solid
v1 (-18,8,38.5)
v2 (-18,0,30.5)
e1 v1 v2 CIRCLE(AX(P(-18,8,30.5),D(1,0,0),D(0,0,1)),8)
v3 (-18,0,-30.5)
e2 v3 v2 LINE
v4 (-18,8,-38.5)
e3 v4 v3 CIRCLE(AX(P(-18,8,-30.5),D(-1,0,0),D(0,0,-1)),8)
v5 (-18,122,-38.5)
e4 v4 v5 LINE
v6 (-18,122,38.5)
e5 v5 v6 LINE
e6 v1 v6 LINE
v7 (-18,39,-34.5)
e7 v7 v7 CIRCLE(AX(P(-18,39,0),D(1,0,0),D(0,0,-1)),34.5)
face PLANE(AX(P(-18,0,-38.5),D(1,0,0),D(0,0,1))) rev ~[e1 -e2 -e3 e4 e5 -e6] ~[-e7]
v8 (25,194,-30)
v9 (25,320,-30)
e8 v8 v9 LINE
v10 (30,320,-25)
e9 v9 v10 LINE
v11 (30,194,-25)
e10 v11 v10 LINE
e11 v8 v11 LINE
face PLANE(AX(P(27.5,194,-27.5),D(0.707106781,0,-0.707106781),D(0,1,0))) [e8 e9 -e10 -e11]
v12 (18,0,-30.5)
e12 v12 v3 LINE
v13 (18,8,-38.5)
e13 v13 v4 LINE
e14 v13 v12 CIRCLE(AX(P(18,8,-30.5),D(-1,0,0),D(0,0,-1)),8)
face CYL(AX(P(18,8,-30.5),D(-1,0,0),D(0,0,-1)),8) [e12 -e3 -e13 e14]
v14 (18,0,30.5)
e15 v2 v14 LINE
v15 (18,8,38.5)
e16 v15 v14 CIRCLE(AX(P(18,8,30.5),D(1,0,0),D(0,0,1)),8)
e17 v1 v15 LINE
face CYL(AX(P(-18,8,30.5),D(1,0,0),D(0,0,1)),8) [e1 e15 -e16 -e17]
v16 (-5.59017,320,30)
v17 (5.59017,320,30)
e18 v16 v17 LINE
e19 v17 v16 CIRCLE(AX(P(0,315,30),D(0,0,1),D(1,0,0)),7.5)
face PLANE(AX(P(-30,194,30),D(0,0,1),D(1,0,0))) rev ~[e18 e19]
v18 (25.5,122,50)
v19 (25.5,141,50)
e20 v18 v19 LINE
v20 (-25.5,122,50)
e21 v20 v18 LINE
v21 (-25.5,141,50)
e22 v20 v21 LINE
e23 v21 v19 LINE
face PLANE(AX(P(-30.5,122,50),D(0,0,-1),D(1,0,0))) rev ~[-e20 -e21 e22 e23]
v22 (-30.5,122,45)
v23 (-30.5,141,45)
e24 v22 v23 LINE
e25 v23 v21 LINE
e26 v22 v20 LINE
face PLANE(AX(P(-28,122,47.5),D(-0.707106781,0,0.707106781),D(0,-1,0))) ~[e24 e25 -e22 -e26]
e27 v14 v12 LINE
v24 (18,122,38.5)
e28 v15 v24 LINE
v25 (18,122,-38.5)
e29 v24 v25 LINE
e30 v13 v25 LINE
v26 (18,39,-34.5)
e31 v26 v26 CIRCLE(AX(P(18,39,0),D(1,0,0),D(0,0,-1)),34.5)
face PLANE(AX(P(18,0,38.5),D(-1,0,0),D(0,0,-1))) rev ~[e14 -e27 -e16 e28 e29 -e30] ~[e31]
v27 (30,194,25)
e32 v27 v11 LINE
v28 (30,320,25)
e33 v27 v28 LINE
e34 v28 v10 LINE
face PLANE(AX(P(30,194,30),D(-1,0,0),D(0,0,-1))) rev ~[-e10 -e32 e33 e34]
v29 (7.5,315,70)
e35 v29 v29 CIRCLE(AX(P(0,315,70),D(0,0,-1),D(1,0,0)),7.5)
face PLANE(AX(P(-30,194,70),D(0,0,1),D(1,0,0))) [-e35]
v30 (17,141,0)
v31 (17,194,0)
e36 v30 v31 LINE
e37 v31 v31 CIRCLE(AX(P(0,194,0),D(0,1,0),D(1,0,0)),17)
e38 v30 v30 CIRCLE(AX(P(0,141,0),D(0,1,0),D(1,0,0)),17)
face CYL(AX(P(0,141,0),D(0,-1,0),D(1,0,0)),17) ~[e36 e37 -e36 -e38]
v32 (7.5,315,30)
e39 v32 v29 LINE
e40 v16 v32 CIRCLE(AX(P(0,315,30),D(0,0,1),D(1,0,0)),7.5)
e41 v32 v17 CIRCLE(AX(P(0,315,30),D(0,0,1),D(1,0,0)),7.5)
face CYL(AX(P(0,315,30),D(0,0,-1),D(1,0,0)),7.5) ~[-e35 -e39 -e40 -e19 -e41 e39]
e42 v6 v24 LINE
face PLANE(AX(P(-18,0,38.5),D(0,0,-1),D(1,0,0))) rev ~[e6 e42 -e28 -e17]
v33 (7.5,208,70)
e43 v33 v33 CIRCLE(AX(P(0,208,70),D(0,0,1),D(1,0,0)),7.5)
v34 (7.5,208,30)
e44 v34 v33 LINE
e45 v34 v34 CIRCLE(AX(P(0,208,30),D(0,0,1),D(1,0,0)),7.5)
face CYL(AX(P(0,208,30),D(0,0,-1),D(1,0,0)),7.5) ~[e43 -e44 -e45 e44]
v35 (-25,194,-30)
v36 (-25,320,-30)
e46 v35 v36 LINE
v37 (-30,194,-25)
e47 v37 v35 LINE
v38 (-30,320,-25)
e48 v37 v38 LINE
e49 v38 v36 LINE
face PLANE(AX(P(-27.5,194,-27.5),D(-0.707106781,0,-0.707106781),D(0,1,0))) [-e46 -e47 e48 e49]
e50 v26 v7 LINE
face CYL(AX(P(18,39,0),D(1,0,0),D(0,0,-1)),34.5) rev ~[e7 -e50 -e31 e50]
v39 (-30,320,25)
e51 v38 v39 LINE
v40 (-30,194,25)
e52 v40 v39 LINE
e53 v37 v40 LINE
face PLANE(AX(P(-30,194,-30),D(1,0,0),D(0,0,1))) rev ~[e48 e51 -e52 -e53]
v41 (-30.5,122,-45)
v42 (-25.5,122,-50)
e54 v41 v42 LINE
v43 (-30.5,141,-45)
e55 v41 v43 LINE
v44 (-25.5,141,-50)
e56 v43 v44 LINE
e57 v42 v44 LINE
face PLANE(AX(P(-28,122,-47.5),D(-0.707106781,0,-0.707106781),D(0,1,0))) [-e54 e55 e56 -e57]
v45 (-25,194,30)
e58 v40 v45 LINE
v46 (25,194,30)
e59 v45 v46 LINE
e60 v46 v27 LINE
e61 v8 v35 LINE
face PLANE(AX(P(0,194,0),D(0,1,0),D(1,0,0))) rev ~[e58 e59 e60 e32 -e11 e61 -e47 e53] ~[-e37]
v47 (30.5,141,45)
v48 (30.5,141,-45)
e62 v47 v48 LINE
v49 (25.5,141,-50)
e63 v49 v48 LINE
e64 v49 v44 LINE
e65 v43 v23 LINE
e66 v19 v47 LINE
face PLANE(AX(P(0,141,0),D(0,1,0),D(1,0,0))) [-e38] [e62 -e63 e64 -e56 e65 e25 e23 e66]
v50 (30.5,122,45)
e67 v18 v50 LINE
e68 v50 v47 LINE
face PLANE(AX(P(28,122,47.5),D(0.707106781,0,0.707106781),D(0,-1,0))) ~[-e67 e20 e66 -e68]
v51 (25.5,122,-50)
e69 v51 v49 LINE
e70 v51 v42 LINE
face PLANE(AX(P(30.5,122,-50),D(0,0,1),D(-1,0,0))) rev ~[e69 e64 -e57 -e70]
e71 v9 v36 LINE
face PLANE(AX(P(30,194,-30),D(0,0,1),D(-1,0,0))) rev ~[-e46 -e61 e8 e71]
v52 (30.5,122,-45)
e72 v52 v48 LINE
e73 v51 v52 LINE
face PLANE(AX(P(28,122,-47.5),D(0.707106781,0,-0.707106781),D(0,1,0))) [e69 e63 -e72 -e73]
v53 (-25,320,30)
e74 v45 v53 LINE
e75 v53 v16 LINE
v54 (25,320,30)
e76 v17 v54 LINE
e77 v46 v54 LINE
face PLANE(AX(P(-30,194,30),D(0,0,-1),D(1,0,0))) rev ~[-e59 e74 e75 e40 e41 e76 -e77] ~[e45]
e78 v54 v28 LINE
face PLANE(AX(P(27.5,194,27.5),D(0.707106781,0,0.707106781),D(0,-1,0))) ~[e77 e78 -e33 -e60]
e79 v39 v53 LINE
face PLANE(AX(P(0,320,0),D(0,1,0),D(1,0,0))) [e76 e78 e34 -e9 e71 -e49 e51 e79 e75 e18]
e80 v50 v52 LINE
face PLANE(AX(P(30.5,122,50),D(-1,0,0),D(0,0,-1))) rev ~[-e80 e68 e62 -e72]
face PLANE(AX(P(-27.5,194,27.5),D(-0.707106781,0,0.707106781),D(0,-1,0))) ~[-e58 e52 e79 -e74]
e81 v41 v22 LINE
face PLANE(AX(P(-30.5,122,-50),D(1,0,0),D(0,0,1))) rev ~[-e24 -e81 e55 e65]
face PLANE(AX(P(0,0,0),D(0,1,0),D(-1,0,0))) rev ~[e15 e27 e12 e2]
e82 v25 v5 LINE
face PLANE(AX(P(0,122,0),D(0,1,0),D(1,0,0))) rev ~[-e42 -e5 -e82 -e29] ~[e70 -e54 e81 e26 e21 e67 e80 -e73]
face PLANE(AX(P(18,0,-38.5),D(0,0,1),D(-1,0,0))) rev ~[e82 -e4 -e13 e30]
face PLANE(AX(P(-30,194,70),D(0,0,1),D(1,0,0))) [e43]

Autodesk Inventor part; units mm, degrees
ref_plane "YZ Plane" through (0, 0, 0) normal (1, 0, 0) x (0, 1, 0)
ref_plane "XZ Plane" through (0, 0, 0) normal (0, 1, 0) x (-1, 0, 0)
ref_plane "XY Plane" through (0, 0, 0) normal (0, 0, 1) x (1, 0, 0)
sketch "Sketch1" plane through (0, 0, 0) normal (0, 1, 0) x (-1, 0, 0)
  line L0 (18, 38.5) -> (-18, 38.5)
  line L1 (-18, 38.5) -> (-18, -38.5)
  line L2 (-18, -38.5) -> (18, -38.5)
  line L3 (18, -38.5) -> (18, 38.5)
  line L4 (18, 38.5) -> (-18, -38.5) construction
  point P0 (0, 0)
  point P1 (0, 0)
  dimension "d0" = 77
  dimension "d1" = 36
extrude "Extrusion1" add sketch "Sketch1" along normal blind 122
sketch "Sketch2" plane through (0, 122, 0) normal (0, 1, 0) x (1, 0, 0)
  line L0 (-30.5, -50) -> (30.5, -50)
  line L1 (30.5, -50) -> (30.5, 50)
  line L2 (30.5, 50) -> (-30.5, 50)
  line L3 (-30.5, 50) -> (-30.5, -50)
  line L4 (-30.5, 50) -> (30.5, -50) construction
  point P0 (0, 0)
  point P1 (0, 0)
  dimension "d4" = 100
  dimension "d5" = 61
extrude "Extrusion2" add sketch "Sketch2" along normal blind 19
sketch "Sketch3" plane through (0, 141, 0) normal (0, 1, 0) x (1, 0, 0)
  circle A0 centre (0, 0) radius 17
  dimension "d8" = 34
extrude "Extrusion3" add sketch "Sketch3" along normal blind 53
sketch "Sketch4" plane through (0, 194, 0) normal (0, 1, 0) x (1, 0, 0)
  line L0 (-30, -30) -> (30, -30)
  line L1 (30, -30) -> (30, 30)
  line L2 (30, 30) -> (-30, 30)
  line L3 (-30, 30) -> (-30, -30)
  line L4 (-30, 30) -> (30, -30) construction
  point P0 (0, 0)
  point P1 (0, 0)
  dimension "d11" = 60
extrude "Extrusion4" add sketch "Sketch4" along normal blind 126
sketch "Sketch5" plane through (-30, 194, 30) normal (0, 0, 1) x (1, 0, 0)
  circle A0 centre (30, 14) radius 7.5
  line L0 (0, 0) -> (60, 0) projected
  circle A1 centre (30, 121) radius 7.5
  line L1 (0, 126) -> (60, 126) projected
  point P0 (30, -194)
  point P1 (30, 0)
  point P2 (30, 126)
  point P3 (35.5902, 126)
  point P4 (24.4098, 126)
  dimension "d14" = 15
  dimension "d15" = 14
  dimension "d16" = 5
extrude "Extrusion5" add sketch "Sketch5" along normal blind 40
chamfer "Chamfer1" distance 5 angle 45 4 edges at (30, 257, 30) (30, 257, -30) (-30, 257, -30) (-30, 257, 30)
chamfer "Chamfer2" distance 5 angle 45 4 edges at (30.5, 131.5, -50) (-30.5, 131.5, -50) (-30.5, 131.5, 50) (30.5, 131.5, 50)
fillet "Fillet1" radius 8 2 edges at (0, 0, 38.5) (0, 0, -38.5)
sketch "Sketch6" plane through (18, 122, 38.5) normal (1, 0, 0) x (0, 0, -1)
  circle A0 centre (38.5, -83) radius 34.5
  line L0 (8, -122) -> (69, -122) projected
  point P0 (38.5, -122)
  point P1 (38.5, -122)
  dimension "d26" = 39
  dimension "d27" = 69
extrude "Extrusion6" cut sketch "Sketch6" against normal through all
properties part number "Gatevalve_70_pneumatic" material "Stainless Steel, 440C"
